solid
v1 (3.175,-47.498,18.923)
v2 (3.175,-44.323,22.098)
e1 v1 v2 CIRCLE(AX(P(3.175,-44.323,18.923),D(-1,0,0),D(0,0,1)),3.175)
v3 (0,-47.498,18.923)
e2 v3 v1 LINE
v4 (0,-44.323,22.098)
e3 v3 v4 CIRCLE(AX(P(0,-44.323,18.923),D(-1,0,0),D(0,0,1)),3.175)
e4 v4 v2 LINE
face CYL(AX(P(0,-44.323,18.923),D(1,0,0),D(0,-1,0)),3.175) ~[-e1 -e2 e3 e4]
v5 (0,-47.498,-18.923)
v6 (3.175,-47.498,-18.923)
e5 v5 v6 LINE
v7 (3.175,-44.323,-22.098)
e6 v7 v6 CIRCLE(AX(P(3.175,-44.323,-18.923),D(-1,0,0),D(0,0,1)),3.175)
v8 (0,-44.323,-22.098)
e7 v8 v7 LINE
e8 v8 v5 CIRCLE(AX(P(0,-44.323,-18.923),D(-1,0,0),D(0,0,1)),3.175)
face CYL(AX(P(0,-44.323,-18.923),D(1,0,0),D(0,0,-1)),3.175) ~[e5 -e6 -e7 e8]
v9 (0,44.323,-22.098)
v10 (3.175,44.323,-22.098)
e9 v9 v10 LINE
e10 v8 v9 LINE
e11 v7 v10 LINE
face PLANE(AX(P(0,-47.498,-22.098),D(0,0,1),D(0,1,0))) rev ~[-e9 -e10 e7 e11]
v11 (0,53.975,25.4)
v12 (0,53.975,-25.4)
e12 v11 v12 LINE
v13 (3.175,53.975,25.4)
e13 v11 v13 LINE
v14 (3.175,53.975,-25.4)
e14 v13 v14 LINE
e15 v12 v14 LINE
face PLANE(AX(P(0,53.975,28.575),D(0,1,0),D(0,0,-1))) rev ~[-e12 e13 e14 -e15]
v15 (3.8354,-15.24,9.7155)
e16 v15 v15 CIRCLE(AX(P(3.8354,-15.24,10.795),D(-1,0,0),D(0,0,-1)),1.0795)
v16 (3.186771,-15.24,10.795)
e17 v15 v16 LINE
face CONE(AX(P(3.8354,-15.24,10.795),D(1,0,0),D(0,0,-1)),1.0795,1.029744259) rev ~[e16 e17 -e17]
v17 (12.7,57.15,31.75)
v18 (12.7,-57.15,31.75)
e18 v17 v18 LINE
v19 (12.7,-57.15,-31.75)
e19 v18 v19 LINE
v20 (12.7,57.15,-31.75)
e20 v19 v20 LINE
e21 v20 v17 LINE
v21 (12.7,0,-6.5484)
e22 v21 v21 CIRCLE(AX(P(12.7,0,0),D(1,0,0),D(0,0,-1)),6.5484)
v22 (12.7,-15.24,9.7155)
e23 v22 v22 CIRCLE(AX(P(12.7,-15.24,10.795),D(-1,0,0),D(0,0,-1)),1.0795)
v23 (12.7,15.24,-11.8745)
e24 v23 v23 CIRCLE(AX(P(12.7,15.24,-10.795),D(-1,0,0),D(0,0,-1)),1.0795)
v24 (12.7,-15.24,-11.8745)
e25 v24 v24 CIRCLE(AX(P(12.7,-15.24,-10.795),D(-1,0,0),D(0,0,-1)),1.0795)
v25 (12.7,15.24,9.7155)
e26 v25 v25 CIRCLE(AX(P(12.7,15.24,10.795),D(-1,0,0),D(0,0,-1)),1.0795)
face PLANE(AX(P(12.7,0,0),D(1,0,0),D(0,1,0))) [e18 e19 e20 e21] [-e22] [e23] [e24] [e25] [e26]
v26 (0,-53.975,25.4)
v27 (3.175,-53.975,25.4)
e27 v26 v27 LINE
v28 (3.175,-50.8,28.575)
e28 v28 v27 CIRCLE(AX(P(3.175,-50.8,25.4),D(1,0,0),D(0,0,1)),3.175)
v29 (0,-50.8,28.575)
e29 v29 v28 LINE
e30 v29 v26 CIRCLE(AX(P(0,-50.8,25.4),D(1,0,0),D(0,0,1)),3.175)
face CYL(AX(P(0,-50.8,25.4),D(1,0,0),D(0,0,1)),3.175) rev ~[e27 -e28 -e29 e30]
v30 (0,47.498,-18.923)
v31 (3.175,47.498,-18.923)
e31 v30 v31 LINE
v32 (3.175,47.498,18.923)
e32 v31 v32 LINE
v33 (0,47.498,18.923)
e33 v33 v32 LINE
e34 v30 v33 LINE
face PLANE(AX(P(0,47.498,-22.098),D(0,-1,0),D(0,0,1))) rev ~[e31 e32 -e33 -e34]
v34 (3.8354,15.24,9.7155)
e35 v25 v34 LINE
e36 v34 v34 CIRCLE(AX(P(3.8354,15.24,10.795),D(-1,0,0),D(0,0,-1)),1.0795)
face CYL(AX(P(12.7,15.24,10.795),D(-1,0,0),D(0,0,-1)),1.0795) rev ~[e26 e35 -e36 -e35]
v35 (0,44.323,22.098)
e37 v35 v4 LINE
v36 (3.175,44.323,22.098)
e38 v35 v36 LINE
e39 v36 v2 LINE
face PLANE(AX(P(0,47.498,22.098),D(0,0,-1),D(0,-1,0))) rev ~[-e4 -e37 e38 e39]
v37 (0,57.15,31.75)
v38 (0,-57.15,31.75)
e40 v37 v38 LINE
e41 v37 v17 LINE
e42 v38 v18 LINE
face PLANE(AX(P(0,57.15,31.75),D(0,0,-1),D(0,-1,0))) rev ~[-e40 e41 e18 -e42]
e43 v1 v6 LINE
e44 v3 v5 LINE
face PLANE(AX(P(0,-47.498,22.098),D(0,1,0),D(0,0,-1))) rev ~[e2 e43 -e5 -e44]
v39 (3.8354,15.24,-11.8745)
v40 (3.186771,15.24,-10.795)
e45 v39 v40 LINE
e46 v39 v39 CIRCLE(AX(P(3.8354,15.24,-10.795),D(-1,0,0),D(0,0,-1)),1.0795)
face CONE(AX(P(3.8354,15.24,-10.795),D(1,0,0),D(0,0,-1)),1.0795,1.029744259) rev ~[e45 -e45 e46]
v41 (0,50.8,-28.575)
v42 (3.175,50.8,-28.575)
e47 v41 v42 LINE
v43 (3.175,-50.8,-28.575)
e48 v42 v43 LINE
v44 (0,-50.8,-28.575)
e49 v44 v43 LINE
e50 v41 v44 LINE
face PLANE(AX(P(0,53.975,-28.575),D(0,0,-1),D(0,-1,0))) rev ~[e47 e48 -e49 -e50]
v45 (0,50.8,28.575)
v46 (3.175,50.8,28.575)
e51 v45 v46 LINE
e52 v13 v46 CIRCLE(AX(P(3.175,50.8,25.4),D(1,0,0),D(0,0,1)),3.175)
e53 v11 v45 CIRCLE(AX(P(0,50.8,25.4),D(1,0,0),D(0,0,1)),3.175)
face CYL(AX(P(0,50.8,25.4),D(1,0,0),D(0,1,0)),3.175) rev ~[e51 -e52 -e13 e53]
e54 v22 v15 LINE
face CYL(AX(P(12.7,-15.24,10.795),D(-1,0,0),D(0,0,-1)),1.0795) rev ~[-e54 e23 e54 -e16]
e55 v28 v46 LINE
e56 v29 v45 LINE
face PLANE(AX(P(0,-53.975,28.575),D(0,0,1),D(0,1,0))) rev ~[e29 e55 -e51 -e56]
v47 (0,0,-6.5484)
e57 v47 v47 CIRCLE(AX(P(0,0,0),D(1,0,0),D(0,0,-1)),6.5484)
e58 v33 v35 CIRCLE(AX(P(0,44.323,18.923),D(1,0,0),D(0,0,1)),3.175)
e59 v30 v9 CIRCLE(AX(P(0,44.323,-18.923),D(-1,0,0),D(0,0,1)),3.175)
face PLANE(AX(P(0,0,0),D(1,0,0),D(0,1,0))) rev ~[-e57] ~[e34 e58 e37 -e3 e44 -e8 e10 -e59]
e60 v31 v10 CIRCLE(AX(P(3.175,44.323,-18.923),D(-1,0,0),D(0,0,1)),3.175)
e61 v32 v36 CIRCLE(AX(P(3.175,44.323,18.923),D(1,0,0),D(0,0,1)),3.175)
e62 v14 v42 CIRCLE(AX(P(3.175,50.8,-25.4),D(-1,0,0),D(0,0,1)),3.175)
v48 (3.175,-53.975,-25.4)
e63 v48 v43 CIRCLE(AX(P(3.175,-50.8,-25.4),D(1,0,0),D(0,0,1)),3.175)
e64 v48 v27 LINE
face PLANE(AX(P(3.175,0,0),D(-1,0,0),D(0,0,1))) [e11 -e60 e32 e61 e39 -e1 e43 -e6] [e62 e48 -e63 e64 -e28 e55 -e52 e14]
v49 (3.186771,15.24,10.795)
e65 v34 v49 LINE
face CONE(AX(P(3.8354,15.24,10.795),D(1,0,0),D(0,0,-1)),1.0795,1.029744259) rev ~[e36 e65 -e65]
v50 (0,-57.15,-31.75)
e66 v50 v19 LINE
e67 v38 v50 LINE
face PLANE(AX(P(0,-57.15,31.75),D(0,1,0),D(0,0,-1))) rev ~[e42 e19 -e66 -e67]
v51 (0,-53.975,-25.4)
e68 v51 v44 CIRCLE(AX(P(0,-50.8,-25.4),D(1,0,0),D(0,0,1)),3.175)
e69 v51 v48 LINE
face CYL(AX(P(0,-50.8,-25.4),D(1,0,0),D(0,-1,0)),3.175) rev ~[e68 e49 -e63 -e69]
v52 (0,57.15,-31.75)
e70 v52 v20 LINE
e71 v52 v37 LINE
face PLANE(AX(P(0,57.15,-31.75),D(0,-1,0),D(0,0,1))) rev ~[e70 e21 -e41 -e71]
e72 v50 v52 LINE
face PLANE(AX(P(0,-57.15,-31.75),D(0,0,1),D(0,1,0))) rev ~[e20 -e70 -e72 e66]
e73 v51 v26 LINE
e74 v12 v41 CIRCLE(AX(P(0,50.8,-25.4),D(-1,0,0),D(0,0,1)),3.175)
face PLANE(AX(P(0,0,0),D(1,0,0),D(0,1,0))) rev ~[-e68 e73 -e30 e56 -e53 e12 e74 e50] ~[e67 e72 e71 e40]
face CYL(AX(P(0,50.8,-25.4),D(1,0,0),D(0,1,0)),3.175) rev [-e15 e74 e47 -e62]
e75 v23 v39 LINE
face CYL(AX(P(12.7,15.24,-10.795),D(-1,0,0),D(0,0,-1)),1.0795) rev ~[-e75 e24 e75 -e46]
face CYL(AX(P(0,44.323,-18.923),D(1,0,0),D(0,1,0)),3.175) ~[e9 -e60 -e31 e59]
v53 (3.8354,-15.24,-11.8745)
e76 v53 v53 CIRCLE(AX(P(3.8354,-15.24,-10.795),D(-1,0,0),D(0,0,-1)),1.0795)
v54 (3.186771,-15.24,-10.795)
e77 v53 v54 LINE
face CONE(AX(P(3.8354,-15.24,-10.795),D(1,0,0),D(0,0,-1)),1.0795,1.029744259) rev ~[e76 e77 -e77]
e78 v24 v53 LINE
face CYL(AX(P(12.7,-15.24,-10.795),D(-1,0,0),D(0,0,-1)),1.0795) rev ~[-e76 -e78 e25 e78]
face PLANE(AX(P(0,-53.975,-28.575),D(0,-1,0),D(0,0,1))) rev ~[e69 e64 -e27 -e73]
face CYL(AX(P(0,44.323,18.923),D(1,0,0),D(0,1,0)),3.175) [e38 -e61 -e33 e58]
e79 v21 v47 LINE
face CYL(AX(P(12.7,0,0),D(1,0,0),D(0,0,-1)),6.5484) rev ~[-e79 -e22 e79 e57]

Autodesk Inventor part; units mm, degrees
ref_plane "YZ Plane" through (0, 0, 0) normal (1, 0, 0) x (0, 1, 0)
ref_plane "XZ Plane" through (0, 0, 0) normal (0, 1, 0) x (-1, 0, 0)
ref_plane "XY Plane" through (0, 0, 0) normal (0, 0, 1) x (1, 0, 0)
sketch "Sketch1" plane through (0, 0, 0) normal (1, 0, 0) x (0, 1, 0)
  line L0 (57.15, 31.75) -> (-57.15, 31.75)
  line L1 (-57.15, 31.75) -> (-57.15, -31.75)
  line L2 (-57.15, -31.75) -> (57.15, -31.75)
  line L3 (57.15, -31.75) -> (57.15, 31.75)
  line L4 (-50.8, 25.4) -> (50.8, 25.4)
  line L5 (50.8, 25.4) -> (50.8, -25.4)
  line L6 (50.8, -25.4) -> (-50.8, -25.4)
  line L7 (-50.8, -25.4) -> (-50.8, 25.4)
  point P0 (0, 0)
  point P1 (0, -31.75)
  point P2 (57.15, 0)
  point P3 (0, 25.4)
  point P4 (-50.8, 0)
  dimension "d0" = 63.5
  dimension "d1" = 114.3
  dimension "d14" = 50.8
  dimension "d15" = 101.6
extrude "Extrusion1" add sketch "Sketch1" along normal blind 12.7 contours L3 L2 L1 L0 | L4 L5 L6 L7
sketch "Sketch2" plane through (12.7, 0, 0) normal (1, 0, 0) x (0, 0, -1)
  line L0 (-10.795, -15.24) -> (10.795, 15.24) construction
  line L1 (-10.795, 15.24) -> (10.795, -15.24) construction
  circle A0 centre (0, 0) radius 6.5484
  dimension "d5" = 30.48
  dimension "d12" = 13.0969
  dimension "d13" = 21.59
sketch "Sketch3" plane through (0, 0, 0) normal (-1, 0, 0) x (0, 0, 1)
  line L0 (-28.575, -53.975) -> (28.575, -53.975)
  line L1 (28.575, -53.975) -> (28.575, 53.975)
  line L2 (28.575, 53.975) -> (-28.575, 53.975)
  line L3 (-28.575, 53.975) -> (-28.575, -53.975)
  line L4 (22.098, 47.498) -> (22.098, -47.498)
  line L5 (22.098, -47.498) -> (-22.098, -47.498)
  line L6 (-22.098, -47.498) -> (-22.098, 47.498)
  line L7 (-22.098, 47.498) -> (22.098, 47.498)
  point P0 (0, 0)
  point P1 (0, -53.975)
  point P2 (-28.575, 0)
  point P3 (0, 0)
  point P4 (28.575, 0)
  point P5 (0, 53.975)
  dimension "d16" = 107.95
  dimension "d17" = 57.15
  dimension "d31" = 6.477
extrude "Extrusion3" cut sketch "Sketch3" against normal blind 3.175
extrude "Extrusion4" cut sketch "Sketch2" against normal through all
hole "Hole1" at (12.7, -15.24, 10.795) at (12.7, 15.24, 10.795) at (12.7, 15.24, -10.795) at (12.7, -15.24, -10.795) direction (-1, 0, 0) diameter 2.159 depth 8.8646 tip angle 118
fillet "Fillet1" radius 3.175 8 edges at (1.5875, 53.975, 28.575) (1.5875, -47.498, 22.098) (1.5875, -47.498, -22.098) (1.5875, -53.975, -28.575) (1.5875, 47.498, -22.098) (1.5875, -53.975, 28.575) (1.5875, 53.975, -28.575) (1.5875, 47.498, 22.098)
properties part number "plate" material "Aluminum 6061"
